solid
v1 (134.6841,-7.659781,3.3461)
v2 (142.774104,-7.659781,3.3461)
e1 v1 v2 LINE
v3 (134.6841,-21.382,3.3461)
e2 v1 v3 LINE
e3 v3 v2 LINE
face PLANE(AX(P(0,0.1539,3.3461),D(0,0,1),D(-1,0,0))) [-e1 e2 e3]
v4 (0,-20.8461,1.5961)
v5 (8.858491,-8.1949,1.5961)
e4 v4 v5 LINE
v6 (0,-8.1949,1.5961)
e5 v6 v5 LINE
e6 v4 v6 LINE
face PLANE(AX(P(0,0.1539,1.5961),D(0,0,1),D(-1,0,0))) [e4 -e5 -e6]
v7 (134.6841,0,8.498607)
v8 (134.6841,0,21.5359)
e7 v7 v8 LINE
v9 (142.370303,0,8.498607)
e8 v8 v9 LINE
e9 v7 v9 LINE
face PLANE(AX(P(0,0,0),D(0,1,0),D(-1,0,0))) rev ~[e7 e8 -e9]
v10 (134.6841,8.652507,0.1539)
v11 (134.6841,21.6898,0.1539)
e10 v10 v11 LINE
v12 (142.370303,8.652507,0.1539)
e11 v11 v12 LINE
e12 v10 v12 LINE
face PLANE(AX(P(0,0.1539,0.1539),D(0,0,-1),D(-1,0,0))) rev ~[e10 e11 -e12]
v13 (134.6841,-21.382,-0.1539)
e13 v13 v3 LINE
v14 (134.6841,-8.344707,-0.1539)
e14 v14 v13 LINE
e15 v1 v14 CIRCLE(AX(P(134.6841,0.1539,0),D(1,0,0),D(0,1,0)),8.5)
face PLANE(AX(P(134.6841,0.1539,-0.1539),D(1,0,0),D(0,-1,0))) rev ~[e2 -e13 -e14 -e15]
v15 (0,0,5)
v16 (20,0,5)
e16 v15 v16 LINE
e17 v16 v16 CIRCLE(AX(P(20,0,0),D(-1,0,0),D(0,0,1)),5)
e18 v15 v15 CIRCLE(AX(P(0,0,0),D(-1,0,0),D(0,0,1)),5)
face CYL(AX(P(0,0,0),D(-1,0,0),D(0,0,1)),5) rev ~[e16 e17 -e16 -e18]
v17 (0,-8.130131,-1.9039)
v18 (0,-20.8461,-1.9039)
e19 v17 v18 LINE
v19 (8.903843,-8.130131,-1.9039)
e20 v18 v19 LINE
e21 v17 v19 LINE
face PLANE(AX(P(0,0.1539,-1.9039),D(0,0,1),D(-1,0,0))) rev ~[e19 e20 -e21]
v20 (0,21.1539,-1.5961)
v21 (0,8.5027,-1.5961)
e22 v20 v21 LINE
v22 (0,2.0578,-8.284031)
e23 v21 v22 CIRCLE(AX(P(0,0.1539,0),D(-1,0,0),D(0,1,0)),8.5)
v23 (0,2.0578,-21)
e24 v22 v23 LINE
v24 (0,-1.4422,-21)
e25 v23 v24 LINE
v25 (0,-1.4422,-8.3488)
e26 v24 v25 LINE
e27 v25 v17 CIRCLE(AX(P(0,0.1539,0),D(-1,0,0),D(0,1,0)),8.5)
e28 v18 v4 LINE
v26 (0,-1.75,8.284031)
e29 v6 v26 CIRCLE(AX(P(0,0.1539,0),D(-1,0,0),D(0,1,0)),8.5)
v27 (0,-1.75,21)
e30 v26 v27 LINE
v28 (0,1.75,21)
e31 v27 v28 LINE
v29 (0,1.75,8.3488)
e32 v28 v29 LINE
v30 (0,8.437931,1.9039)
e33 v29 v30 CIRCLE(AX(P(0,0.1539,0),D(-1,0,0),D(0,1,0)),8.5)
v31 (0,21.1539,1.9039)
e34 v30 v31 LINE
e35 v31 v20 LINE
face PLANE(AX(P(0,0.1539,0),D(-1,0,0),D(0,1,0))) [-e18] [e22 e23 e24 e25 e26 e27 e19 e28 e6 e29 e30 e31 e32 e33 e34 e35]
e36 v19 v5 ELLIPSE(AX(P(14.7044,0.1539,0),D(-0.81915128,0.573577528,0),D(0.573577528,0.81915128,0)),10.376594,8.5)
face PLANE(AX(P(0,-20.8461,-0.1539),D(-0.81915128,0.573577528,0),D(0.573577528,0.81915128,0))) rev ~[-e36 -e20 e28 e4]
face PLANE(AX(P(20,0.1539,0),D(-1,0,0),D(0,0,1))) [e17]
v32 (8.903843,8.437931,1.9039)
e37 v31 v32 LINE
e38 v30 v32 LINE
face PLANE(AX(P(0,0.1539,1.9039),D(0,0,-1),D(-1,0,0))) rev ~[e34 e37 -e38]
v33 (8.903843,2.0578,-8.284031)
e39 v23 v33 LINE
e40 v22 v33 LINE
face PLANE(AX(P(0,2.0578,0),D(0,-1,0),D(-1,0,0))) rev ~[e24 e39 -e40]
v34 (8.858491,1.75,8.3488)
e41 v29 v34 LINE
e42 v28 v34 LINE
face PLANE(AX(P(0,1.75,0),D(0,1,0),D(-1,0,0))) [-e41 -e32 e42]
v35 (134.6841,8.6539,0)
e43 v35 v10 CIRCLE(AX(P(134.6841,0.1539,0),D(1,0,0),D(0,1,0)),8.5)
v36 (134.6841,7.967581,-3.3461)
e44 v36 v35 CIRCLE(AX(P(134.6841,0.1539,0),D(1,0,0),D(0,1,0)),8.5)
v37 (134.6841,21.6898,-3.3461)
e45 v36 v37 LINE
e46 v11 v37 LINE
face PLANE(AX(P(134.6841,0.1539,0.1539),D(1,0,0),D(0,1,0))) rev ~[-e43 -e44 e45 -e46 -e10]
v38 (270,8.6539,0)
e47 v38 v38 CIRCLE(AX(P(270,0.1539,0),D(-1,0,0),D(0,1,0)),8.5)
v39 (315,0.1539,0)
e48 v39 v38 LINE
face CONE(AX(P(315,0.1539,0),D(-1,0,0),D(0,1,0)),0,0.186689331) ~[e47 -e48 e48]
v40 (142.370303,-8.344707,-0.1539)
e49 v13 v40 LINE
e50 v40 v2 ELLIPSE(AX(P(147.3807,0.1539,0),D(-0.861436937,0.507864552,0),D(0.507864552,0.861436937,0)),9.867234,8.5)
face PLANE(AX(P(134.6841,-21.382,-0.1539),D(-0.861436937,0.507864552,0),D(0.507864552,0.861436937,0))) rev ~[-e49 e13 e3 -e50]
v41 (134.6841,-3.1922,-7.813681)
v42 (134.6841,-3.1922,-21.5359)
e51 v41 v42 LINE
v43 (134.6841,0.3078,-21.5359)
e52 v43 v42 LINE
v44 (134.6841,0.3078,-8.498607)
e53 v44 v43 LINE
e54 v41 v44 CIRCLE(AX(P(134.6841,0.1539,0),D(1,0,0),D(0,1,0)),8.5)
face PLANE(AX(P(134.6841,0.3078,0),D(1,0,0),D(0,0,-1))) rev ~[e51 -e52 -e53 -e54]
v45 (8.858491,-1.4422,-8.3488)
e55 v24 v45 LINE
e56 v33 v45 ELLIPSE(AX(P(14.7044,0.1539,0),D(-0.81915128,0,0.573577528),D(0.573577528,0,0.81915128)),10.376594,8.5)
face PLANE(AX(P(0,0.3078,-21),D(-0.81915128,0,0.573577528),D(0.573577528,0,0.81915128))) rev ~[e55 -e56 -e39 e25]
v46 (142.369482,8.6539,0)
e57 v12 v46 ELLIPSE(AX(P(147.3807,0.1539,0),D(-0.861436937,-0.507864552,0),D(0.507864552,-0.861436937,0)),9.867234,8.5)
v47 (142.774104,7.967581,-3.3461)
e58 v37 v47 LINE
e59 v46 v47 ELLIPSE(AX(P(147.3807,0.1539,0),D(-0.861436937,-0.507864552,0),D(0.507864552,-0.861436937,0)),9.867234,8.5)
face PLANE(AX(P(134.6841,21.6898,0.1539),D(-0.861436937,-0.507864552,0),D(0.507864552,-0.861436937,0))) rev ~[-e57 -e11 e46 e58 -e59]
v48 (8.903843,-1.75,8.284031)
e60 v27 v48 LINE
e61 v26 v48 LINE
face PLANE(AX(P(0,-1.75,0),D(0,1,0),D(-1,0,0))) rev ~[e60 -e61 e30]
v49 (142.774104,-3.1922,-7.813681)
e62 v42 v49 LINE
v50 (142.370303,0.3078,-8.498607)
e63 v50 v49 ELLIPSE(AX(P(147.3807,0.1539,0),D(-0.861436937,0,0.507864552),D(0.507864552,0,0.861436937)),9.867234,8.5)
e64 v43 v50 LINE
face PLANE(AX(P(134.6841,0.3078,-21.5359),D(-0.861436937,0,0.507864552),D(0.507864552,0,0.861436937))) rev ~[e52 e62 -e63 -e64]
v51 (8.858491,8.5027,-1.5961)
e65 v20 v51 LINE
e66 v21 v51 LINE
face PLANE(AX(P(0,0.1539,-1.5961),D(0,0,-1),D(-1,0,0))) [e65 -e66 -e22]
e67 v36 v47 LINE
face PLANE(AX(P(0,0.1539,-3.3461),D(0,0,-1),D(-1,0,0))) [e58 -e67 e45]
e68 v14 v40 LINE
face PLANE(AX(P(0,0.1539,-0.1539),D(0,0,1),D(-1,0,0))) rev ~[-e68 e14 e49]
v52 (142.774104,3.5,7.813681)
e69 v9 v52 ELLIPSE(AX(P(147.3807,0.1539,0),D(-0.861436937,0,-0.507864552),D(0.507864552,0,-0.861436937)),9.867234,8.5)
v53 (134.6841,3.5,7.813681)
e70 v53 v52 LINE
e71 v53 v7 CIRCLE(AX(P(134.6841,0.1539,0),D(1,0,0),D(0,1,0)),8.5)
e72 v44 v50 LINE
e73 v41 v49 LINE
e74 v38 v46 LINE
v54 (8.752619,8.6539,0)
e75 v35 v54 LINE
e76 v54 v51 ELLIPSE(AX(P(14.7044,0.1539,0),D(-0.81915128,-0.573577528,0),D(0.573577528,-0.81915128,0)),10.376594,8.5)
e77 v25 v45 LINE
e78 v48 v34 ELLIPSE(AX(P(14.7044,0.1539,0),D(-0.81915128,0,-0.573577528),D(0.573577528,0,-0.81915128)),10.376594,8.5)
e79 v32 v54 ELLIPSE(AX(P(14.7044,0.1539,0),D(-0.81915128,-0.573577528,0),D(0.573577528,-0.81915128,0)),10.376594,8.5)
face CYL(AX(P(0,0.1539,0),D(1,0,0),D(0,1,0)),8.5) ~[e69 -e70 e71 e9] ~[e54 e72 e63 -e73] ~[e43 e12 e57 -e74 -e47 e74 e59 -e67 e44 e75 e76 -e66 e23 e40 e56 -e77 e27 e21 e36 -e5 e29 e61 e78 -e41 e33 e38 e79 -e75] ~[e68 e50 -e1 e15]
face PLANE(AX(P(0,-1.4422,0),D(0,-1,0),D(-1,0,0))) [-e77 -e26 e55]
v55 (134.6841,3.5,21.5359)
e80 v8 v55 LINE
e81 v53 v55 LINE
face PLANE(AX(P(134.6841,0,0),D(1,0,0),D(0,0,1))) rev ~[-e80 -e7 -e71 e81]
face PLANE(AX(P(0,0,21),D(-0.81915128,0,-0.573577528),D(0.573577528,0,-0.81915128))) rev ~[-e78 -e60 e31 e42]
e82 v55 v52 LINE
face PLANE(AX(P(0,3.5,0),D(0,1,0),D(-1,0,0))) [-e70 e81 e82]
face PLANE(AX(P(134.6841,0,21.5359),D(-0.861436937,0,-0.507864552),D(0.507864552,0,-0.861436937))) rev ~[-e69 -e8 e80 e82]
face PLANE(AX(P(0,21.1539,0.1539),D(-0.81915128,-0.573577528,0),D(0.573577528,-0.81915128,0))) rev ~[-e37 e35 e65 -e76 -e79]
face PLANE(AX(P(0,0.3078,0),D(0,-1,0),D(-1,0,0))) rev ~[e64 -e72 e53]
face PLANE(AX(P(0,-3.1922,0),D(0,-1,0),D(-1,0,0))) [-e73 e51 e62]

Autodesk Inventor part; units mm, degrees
ref_plane "YZ Plane" through (0, 0, 0) normal (1, 0, 0) x (0, 1, 0)
ref_plane "XZ Plane" through (0, 0, 0) normal (0, 1, 0) x (-1, 0, 0)
ref_plane "XY Plane" through (0, 0, 0) normal (0, 0, 1) x (1, 0, 0)
sketch "Esboço1" plane through (0, 0, 0) normal (0, 0, 1) x (1, 0, 0)
  line L0 (0, 8.6539) -> (150, 8.6539)
  line L1 (0, 8.6539) -> (0, 0.1539)
  line L2 (150, 8.6539) -> (150, 0.1539)
  line L3 (150, 0.1539) -> (150, 16.6456)
  line L4 (150, 8.6539) -> (270, 8.6539)
  line L5 (270, 8.6539) -> (285, 4.4039)
  line L6 (270, 0.1539) -> (285, 4.4039)
  line L7 (270, 0.1539) -> (0, 0.1539)
  line L8 (270, 8.6539) -> (270, 0.1539)
  dimension "d13" = 150
  dimension "d15" = 120
  dimension "d17" = 17
revolve "Revolução1" add sketch "Esboço1" angle 360 about axis through (270, 0.1539, 0) along (-1, 0, 0) contours L0 L2 L7 L1 | L4 L8 L7 L2
sketch "Esboço2" plane through (0, 0, 0) normal (0, 0, 1) x (1, 0, 0)
  line L0 (285, 0.1539) -> (315, 0.1539)
  line L1 (270, 8.6539) -> (270, -8.3461) projected
  line L2 (270, 0.1539) -> (285, 0.1539)
  line L3 (270, 8.6539) -> (270, 0.1539)
  line L4 (315, 0.1539) -> (270, 8.6539)
  point P0 (0, 0)
revolve "Revolução2" add sketch "Esboço2" angle 360 about axis through (285, 0.1539, 0) along (1, 0, 0)
sketch "Esboço3" plane through (0, 0, 0) normal (0, 1, 0) x (-1, 0, 0)
  line L0 (0, 0) -> (-25, 0)
  line L1 (0, -8.5) -> (0, 8.5) projected
  line L2 (0, 0) -> (-50, 0)
  line L3 (-50, 0) -> (-25, 0)
  line L4 (-50, 0) -> (-25, 0)
  line L5 (0, 0) -> (0, 21)
  line L6 (0, 21) -> (-14.7044, 0)
  line L7 (0, 21) -> (26.0415, 21) construction
  dimension "d54" = 21
  dimension "d57" = 125
sketch "Esboço4" plane through (0, 0, 0) normal (0, 1, 0) x (-1, 0, 0)
  line L0 (-270, -8.5) -> (-270, 8.5) projected
  line L1 (-134.6841, 0) -> (-134.6841, 21.5359)
  line L2 (-134.6841, 21.5359) -> (-147.3807, 0)
  line L3 (-134.6841, 0) -> (-147.3807, 0)
  point P0 (0, 0)
  dimension "d43" = 25
  dimension "d44" = 21.5359
extrude "Extrusão3" add sketch "Esboço4" along normal blind 3.5
pattern_circular "Padrão circular2" count 4 over 360 about axis through (135, 0.1539, 0) along (-1, 0, 0) of "Extrusão3"
sketch "Esboço5" plane through (0, 0.1539, 0) normal (-1, 0, 0) x (0, 0, 1)
  circle A0 centre (0, -0.1539) radius 5
  dimension "d50" = 10
extrude "Extrusão5" add sketch "Esboço3" along normal mid plane 3.5
pattern_circular "Padrão circular3" count 4 over 360 about axis through (135, 0.1539, 0) along (-1, 0, 0) of "Extrusão5"
extrude "Extrusão6" cut sketch "Esboço5" against normal blind 20
properties part number "120c"
